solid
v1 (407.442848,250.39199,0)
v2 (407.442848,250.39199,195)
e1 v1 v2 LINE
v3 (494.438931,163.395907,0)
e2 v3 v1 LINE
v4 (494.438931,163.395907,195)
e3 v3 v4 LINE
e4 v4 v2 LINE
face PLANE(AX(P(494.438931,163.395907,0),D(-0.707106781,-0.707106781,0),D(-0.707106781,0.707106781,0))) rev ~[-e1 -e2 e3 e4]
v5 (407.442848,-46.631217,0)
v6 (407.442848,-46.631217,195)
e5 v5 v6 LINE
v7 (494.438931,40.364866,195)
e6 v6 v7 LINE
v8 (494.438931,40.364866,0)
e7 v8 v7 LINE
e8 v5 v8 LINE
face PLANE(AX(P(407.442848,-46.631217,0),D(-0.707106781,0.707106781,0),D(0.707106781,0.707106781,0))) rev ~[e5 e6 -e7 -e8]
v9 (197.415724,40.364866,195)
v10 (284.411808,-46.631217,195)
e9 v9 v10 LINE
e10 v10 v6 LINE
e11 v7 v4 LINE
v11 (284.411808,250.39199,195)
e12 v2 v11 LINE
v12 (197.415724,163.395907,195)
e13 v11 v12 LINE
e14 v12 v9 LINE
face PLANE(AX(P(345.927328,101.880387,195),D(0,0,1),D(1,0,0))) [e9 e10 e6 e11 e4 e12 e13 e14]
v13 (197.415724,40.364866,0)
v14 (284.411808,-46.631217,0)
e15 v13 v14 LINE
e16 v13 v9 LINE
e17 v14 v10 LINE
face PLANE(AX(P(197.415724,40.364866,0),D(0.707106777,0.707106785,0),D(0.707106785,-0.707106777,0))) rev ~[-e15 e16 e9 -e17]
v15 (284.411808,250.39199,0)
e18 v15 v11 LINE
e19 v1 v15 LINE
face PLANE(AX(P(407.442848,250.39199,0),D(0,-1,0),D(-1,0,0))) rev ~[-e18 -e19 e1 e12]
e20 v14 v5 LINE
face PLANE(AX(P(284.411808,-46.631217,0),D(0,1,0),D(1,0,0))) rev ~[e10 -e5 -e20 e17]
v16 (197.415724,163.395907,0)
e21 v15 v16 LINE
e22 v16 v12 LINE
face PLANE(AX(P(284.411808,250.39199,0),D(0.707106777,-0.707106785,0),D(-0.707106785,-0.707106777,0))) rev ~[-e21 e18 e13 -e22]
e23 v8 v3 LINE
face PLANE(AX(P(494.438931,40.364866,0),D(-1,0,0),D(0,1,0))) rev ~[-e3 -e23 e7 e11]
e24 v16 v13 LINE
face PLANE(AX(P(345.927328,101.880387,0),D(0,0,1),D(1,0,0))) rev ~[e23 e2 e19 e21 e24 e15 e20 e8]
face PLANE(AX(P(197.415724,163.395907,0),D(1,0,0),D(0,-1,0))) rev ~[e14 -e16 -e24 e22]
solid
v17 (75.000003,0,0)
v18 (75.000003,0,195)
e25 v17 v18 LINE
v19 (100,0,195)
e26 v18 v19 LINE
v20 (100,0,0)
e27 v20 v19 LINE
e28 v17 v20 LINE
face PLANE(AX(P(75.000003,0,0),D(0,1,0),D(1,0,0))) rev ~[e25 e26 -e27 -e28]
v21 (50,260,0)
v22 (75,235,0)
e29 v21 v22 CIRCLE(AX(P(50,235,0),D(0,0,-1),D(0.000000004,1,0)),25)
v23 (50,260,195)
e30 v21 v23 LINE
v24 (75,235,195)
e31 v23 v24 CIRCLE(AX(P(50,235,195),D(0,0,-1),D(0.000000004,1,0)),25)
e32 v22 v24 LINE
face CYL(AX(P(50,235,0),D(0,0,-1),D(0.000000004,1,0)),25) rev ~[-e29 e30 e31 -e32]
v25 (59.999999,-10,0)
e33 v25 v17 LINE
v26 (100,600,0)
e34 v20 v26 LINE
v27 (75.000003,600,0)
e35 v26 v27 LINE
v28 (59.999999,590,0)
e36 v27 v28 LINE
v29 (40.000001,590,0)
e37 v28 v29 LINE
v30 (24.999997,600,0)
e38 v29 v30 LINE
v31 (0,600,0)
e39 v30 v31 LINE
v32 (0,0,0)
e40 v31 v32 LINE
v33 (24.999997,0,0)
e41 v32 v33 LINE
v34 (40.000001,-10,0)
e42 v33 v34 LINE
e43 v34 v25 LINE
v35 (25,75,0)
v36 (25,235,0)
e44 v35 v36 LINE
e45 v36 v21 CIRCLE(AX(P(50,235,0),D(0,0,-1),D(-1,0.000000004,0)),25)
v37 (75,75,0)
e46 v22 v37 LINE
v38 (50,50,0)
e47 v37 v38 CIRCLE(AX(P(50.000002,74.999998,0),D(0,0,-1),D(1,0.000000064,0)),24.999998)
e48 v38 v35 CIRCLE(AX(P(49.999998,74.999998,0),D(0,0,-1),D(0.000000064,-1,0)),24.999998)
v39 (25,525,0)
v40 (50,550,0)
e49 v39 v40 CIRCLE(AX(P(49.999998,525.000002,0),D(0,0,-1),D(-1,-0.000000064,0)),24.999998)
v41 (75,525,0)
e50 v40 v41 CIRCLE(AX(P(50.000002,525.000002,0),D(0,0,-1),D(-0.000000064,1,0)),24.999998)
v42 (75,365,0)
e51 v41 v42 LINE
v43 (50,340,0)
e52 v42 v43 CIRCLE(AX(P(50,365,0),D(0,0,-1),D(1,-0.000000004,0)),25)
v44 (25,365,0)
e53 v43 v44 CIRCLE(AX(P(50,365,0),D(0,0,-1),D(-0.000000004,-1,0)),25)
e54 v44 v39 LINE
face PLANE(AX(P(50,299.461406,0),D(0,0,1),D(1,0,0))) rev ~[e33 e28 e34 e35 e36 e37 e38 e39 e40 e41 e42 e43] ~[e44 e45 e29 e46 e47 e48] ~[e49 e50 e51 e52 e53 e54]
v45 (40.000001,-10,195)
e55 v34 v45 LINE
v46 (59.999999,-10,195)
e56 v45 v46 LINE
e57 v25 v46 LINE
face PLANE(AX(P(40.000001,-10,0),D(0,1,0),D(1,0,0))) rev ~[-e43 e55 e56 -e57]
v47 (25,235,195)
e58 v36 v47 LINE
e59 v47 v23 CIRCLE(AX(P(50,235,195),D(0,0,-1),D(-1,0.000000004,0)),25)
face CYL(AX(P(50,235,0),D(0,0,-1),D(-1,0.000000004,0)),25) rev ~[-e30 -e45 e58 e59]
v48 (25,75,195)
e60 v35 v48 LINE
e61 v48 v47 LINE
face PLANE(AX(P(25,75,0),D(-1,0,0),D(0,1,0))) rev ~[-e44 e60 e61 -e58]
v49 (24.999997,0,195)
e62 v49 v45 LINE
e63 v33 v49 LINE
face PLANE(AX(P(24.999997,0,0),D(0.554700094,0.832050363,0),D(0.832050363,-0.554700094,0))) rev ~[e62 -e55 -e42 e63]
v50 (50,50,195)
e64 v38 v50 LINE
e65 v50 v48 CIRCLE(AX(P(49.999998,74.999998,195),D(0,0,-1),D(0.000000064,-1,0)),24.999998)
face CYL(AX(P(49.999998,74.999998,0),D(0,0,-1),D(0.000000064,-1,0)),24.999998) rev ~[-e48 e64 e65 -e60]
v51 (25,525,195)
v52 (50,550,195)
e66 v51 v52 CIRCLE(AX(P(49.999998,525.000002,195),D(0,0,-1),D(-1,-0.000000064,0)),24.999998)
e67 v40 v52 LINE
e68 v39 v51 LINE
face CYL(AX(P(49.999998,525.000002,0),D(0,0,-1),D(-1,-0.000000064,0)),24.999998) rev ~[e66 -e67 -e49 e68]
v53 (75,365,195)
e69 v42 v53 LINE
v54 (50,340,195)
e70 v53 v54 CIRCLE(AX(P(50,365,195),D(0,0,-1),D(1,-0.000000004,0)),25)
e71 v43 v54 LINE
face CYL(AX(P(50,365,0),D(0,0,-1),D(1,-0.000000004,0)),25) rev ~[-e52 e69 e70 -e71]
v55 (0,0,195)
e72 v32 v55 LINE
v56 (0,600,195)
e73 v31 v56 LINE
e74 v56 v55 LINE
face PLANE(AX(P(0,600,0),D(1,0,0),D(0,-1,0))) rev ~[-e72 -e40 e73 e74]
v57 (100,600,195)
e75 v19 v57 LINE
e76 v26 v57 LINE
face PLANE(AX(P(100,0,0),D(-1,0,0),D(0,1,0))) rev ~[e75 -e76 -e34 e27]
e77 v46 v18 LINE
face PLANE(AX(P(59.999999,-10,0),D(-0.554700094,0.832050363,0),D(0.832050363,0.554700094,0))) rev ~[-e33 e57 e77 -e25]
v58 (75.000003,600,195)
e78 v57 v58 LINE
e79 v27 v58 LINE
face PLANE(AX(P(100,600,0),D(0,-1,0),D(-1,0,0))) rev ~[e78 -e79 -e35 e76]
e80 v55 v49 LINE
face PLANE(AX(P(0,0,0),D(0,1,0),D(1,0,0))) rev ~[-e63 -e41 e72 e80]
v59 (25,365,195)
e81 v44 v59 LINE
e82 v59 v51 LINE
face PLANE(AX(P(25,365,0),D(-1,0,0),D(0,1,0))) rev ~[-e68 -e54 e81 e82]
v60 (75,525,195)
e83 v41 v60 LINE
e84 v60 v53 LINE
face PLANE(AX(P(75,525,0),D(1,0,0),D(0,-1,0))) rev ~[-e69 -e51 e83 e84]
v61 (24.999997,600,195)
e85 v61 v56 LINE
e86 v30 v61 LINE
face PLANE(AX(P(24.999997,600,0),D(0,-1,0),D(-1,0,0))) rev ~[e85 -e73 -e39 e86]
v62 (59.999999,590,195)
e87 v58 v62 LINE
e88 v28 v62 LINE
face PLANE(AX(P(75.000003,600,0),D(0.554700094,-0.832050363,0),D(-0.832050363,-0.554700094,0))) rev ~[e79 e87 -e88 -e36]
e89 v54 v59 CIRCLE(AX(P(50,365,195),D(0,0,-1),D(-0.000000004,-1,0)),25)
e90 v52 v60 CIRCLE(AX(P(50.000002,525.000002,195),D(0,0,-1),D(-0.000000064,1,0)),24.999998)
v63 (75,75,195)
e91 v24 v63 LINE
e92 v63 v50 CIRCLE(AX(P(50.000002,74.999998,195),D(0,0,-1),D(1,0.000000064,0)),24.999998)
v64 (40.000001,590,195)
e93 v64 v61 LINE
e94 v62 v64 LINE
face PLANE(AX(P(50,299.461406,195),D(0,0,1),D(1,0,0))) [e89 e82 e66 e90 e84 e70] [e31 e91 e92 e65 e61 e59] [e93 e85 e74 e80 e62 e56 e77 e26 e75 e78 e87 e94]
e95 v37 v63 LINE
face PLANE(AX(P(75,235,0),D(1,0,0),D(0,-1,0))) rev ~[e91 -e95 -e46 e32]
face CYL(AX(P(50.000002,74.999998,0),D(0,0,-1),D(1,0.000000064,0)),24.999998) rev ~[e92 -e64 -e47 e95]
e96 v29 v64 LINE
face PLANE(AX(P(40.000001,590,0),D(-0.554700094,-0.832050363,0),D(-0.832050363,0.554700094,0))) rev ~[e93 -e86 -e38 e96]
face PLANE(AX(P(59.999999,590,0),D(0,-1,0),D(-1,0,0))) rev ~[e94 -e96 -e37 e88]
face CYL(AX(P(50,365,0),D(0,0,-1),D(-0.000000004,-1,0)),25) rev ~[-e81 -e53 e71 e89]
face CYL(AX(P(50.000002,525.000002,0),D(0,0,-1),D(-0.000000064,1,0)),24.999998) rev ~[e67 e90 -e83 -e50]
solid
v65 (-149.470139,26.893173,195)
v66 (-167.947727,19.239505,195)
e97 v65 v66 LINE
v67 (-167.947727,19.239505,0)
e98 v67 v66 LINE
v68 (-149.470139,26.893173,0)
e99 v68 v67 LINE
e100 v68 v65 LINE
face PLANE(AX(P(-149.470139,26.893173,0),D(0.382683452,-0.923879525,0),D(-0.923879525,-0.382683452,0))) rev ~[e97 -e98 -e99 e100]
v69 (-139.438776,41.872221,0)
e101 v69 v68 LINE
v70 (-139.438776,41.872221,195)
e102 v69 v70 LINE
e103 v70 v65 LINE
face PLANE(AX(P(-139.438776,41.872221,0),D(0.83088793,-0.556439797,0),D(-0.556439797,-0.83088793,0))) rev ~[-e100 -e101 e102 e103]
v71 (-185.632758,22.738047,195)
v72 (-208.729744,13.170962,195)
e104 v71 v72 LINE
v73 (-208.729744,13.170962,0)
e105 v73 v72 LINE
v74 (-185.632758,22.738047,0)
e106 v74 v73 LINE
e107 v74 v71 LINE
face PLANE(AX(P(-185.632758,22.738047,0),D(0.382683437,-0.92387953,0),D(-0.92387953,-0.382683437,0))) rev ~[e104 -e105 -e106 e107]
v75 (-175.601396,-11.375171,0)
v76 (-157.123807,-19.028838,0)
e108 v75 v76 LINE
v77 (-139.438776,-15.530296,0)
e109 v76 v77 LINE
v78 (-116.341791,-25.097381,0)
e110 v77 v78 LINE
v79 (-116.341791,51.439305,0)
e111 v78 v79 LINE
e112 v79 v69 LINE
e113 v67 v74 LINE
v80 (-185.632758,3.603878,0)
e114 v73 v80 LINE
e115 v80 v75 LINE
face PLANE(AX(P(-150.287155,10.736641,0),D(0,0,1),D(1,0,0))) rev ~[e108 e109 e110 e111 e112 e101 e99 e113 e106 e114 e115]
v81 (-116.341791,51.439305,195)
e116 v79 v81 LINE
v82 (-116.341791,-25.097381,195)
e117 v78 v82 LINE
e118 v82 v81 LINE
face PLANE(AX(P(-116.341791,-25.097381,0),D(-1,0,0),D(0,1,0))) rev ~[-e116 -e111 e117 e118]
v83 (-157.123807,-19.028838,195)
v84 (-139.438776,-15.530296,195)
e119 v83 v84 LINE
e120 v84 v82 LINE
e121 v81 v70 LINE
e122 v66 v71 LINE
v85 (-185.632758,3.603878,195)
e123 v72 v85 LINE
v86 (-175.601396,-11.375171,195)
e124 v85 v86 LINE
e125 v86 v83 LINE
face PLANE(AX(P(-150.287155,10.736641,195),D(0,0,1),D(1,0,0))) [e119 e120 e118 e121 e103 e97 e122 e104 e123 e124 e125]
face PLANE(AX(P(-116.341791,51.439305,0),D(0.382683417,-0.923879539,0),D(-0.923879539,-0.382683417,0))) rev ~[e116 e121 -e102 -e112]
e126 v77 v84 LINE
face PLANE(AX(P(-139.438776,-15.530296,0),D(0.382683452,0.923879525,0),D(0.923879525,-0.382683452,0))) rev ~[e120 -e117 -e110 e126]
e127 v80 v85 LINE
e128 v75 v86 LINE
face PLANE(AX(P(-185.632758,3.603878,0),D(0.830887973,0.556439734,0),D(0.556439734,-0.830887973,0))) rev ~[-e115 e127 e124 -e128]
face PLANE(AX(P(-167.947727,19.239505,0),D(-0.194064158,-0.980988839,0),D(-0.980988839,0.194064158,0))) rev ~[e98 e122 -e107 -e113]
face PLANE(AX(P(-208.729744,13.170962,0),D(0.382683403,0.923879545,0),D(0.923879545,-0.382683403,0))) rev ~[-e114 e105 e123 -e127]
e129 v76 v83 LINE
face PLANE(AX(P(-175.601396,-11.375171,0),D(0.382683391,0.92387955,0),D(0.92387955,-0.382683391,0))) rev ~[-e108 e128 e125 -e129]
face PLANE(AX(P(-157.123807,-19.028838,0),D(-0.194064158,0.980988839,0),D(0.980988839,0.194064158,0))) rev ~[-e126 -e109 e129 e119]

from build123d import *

# Parameters (mm, degrees)
F1_DEPTH = 195


with BuildPart() as f1:
    # F0 (on Top) → F1 (new body)
    with BuildSketch(Plane.XY):
        Polygon((0, 600), (0, 0), (24.999997, 0), (40.000001, -10), (59.999999, -10), (75.000003, 0), (100, 0), (100, 600), (75.000003, 600), (59.999999, 590), (40.000001, 590), (24.999997, 600), align=None)
        with BuildLine():
            Line((75, 235), (75, 75))
            ThreePointArc((75, 75), (67.67767, 57.32233), (50, 50))
            ThreePointArc((50, 50), (32.32233, 57.32233), (25, 75))
            Line((25, 75), (25, 235))
            ThreePointArc((25, 235), (32.32233, 252.677669), (50, 260))
            ThreePointArc((50, 260), (67.67767, 252.677669), (75, 235))
        make_face(mode=Mode.SUBTRACT)
        with BuildLine():
            ThreePointArc((50, 550), (67.67767, 542.67767), (75, 525))
            Line((75, 525), (75, 365))
            ThreePointArc((75, 365), (67.67767, 347.322331), (50, 340))
            ThreePointArc((50, 340), (32.32233, 347.322331), (25, 365))
            Line((25, 365), (25, 525))
            ThreePointArc((25, 525), (32.32233, 542.67767), (50, 550))
        make_face(mode=Mode.SUBTRACT)
        Polygon((407.442848, 250.39199), (284.411808, 250.39199), (197.415724, 163.395907), (197.415724, 40.364866), (284.411808, -46.631217), (407.442848, -46.631217), (494.438931, 40.364866), (494.438931, 163.395907), align=None)
        Polygon((-185.632758, 22.738047), (-208.729744, 13.170962), (-185.632758, 3.603878), (-175.601396, -11.375171), (-157.123807, -19.028838), (-139.438776, -15.530296), (-116.341791, -25.097381), (-116.341791, 51.439305), (-139.438776, 41.872221), (-149.470139, 26.893173), (-167.947727, 19.239505), align=None)
    extrude(amount=F1_DEPTH)


solid = f1.part
